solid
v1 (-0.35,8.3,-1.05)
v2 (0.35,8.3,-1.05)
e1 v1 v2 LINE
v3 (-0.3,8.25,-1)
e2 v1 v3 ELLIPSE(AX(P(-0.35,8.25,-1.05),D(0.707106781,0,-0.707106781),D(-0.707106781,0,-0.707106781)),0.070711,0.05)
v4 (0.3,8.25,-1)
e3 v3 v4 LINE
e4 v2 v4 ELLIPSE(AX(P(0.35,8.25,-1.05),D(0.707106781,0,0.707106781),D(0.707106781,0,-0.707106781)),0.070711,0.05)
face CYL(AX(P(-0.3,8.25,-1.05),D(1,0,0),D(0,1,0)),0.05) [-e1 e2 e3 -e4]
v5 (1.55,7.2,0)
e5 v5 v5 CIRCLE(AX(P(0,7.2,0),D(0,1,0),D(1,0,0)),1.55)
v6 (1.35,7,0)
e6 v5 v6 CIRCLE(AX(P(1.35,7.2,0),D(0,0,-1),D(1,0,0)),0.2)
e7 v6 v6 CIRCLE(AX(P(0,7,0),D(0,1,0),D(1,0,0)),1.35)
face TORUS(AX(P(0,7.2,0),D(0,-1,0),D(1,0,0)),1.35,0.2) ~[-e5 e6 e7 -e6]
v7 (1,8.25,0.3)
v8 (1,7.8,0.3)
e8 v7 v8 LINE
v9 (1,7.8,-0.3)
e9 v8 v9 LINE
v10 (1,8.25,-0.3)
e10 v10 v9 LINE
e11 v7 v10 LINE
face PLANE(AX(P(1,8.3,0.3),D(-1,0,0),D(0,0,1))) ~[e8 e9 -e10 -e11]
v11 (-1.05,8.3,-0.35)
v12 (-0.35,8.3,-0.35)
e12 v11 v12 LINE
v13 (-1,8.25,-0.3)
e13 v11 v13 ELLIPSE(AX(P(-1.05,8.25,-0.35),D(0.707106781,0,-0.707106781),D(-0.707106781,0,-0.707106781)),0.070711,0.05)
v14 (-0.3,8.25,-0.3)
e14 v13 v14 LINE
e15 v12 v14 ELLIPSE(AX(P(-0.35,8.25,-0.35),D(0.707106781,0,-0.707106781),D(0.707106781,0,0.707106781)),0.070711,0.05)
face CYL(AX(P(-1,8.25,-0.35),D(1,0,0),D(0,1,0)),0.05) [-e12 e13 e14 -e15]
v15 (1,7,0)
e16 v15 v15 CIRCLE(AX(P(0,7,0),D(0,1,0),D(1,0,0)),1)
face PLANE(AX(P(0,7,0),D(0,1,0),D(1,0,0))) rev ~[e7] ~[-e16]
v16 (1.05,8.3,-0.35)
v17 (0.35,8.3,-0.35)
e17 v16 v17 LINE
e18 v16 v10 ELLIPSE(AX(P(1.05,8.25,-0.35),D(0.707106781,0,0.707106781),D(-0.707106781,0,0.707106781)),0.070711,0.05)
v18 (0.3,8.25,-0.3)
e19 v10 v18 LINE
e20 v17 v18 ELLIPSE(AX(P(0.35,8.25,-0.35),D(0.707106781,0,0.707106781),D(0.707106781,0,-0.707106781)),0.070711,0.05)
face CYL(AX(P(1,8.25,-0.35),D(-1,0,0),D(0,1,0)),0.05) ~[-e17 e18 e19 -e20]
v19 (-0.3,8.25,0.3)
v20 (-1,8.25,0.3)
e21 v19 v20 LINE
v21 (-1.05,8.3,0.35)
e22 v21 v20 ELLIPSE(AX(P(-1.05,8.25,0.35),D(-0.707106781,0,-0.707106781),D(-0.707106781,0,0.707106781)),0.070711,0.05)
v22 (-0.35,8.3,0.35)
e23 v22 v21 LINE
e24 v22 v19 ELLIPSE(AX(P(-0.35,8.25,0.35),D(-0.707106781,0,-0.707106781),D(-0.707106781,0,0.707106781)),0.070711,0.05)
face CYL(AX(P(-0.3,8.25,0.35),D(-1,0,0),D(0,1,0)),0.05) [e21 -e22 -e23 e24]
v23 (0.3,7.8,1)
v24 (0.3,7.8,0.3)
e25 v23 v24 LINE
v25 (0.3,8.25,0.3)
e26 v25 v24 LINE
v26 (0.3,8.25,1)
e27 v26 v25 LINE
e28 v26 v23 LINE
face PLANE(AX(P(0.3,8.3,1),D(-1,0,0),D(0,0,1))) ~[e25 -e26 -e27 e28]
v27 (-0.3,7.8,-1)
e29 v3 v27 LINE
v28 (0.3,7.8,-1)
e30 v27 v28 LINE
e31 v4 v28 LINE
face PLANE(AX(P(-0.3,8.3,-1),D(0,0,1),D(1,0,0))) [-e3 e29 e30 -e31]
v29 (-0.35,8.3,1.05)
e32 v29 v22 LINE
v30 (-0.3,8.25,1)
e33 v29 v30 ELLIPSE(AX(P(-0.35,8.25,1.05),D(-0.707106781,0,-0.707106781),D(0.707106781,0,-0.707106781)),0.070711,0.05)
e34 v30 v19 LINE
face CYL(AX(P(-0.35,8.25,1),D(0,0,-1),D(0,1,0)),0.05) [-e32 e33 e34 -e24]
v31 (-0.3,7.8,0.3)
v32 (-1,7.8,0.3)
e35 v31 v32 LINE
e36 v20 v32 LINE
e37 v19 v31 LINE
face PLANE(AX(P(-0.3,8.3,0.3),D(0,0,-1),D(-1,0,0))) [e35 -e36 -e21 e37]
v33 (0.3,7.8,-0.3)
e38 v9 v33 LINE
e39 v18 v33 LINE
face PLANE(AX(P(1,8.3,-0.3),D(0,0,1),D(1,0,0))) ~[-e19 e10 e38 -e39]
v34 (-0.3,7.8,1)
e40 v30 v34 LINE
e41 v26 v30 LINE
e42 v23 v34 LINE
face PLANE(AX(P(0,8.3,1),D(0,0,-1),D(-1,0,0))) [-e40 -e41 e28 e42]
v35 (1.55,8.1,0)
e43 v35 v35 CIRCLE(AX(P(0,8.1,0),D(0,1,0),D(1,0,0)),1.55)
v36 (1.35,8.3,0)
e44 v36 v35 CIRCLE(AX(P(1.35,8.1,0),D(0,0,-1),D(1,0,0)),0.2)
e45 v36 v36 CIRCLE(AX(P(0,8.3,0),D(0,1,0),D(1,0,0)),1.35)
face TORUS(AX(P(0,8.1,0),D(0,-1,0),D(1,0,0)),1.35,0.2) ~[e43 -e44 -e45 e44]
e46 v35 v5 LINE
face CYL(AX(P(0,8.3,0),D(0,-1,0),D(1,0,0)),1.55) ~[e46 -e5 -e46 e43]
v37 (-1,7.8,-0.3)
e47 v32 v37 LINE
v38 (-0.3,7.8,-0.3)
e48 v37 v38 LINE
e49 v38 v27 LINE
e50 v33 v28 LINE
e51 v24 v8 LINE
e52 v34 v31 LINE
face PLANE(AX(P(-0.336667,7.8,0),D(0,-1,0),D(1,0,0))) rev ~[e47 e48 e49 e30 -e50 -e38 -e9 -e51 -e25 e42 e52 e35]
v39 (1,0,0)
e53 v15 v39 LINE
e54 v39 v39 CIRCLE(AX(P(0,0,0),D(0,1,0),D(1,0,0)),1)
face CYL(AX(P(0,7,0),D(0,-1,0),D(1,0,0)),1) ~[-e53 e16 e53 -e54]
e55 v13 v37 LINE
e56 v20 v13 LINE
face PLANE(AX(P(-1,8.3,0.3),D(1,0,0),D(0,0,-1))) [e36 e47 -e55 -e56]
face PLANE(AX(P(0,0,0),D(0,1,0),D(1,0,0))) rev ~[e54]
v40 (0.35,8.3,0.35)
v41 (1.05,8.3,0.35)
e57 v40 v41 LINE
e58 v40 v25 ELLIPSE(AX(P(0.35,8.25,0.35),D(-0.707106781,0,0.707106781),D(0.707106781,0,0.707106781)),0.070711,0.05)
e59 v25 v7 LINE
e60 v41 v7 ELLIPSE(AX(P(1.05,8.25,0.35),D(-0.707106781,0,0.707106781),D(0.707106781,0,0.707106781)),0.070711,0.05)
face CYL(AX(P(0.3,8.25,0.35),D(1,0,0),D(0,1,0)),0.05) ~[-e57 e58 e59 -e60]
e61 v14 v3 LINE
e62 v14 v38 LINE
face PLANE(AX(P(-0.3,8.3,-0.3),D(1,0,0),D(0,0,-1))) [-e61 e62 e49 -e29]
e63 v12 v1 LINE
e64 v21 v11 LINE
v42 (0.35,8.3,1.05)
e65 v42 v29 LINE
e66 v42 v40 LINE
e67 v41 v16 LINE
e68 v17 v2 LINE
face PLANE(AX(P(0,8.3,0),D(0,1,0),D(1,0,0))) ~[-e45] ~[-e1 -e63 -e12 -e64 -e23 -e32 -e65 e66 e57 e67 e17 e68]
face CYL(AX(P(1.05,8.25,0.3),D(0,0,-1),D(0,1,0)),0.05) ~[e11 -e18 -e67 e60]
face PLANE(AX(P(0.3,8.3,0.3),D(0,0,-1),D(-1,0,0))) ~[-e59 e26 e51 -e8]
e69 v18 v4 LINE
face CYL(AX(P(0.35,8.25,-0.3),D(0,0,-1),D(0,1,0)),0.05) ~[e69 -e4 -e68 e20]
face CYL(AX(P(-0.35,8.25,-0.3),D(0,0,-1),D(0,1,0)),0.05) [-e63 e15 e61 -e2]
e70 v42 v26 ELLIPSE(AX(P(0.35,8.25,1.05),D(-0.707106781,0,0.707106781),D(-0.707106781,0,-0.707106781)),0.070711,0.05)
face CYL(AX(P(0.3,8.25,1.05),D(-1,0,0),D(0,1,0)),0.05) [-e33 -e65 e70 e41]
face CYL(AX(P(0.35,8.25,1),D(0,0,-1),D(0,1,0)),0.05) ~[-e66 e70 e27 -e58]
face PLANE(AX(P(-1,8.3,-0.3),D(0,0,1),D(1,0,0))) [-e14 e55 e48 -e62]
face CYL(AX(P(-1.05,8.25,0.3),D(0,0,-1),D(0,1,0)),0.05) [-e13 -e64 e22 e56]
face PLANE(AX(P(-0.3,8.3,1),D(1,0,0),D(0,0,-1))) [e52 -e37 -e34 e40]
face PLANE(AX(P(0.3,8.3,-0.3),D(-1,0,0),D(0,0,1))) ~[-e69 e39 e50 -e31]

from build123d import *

# Parameters (mm, degrees)
FILLET_R     = 0.2
POCKET_DEPTH = 0.5
FILLET001_R  = 0.05


with BuildPart() as part:
    # Sketch → Revolution (revolve)
    with BuildSketch(Plane.XY):
        Polygon((0, 0), (0, 8.3), (1.55, 8.3), (1.55, 7), (1, 7), (1, 0), align=None)
    revolve(axis=Axis((0, 0, 0), (0, 1, 0)))

    # Fillet
    fillet_edges = [part.edges().sort_by_distance(p)[0] for p in [
        (-1.55, 8.3, 0),
        (-1.55, 7, 0),
    ]]
    fillet(fillet_edges, radius=FILLET_R)

    # Sketch001 (on Face1 of Fillet) → Pocket (cut)
    with BuildSketch(Plane(origin=(0, 8.3, 0), x_dir=(-1, 0, 0), z_dir=(0, 1, 0))):
        Polygon((0, 1), (0.3, 1), (0.3, 0.3), (1, 0.3), (1, -0.3), (0.3, -0.3), (0.3, -1), (0, -1), align=None)
    pocket = extrude(amount=-POCKET_DEPTH, mode=Mode.SUBTRACT)

    # Mirrored: Pocket across Sketch001 V_Axis
    add(pocket.mirror(Plane(origin=(0, 8.3, 0), x_dir=(0, 1, 0), z_dir=(-1, 0, 0))), mode=Mode.SUBTRACT)

    # Fillet001
    fillet001_edges = [part.edges().sort_by_distance(p)[0] for p in [
        (-0.65, 8.3, 0.3),
        (-1, 8.3, 0),
        (-0.65, 8.3, -0.3),
        (-0.3, 8.3, -0.65),
        (-0.15, 8.3, -1),
        (0.15, 8.3, -1),
        (0.3, 8.3, -0.65),
        (0.65, 8.3, -0.3),
        (0.65, 8.3, 0.3),
        (1, 8.3, 0),
        (0.3, 8.3, 0.65),
        (-0.3, 8.3, 0.65),
        (-0.15, 8.3, 1),
        (0.15, 8.3, 1),
    ]]
    fillet(fillet001_edges, radius=FILLET001_R)


solid = part.part
